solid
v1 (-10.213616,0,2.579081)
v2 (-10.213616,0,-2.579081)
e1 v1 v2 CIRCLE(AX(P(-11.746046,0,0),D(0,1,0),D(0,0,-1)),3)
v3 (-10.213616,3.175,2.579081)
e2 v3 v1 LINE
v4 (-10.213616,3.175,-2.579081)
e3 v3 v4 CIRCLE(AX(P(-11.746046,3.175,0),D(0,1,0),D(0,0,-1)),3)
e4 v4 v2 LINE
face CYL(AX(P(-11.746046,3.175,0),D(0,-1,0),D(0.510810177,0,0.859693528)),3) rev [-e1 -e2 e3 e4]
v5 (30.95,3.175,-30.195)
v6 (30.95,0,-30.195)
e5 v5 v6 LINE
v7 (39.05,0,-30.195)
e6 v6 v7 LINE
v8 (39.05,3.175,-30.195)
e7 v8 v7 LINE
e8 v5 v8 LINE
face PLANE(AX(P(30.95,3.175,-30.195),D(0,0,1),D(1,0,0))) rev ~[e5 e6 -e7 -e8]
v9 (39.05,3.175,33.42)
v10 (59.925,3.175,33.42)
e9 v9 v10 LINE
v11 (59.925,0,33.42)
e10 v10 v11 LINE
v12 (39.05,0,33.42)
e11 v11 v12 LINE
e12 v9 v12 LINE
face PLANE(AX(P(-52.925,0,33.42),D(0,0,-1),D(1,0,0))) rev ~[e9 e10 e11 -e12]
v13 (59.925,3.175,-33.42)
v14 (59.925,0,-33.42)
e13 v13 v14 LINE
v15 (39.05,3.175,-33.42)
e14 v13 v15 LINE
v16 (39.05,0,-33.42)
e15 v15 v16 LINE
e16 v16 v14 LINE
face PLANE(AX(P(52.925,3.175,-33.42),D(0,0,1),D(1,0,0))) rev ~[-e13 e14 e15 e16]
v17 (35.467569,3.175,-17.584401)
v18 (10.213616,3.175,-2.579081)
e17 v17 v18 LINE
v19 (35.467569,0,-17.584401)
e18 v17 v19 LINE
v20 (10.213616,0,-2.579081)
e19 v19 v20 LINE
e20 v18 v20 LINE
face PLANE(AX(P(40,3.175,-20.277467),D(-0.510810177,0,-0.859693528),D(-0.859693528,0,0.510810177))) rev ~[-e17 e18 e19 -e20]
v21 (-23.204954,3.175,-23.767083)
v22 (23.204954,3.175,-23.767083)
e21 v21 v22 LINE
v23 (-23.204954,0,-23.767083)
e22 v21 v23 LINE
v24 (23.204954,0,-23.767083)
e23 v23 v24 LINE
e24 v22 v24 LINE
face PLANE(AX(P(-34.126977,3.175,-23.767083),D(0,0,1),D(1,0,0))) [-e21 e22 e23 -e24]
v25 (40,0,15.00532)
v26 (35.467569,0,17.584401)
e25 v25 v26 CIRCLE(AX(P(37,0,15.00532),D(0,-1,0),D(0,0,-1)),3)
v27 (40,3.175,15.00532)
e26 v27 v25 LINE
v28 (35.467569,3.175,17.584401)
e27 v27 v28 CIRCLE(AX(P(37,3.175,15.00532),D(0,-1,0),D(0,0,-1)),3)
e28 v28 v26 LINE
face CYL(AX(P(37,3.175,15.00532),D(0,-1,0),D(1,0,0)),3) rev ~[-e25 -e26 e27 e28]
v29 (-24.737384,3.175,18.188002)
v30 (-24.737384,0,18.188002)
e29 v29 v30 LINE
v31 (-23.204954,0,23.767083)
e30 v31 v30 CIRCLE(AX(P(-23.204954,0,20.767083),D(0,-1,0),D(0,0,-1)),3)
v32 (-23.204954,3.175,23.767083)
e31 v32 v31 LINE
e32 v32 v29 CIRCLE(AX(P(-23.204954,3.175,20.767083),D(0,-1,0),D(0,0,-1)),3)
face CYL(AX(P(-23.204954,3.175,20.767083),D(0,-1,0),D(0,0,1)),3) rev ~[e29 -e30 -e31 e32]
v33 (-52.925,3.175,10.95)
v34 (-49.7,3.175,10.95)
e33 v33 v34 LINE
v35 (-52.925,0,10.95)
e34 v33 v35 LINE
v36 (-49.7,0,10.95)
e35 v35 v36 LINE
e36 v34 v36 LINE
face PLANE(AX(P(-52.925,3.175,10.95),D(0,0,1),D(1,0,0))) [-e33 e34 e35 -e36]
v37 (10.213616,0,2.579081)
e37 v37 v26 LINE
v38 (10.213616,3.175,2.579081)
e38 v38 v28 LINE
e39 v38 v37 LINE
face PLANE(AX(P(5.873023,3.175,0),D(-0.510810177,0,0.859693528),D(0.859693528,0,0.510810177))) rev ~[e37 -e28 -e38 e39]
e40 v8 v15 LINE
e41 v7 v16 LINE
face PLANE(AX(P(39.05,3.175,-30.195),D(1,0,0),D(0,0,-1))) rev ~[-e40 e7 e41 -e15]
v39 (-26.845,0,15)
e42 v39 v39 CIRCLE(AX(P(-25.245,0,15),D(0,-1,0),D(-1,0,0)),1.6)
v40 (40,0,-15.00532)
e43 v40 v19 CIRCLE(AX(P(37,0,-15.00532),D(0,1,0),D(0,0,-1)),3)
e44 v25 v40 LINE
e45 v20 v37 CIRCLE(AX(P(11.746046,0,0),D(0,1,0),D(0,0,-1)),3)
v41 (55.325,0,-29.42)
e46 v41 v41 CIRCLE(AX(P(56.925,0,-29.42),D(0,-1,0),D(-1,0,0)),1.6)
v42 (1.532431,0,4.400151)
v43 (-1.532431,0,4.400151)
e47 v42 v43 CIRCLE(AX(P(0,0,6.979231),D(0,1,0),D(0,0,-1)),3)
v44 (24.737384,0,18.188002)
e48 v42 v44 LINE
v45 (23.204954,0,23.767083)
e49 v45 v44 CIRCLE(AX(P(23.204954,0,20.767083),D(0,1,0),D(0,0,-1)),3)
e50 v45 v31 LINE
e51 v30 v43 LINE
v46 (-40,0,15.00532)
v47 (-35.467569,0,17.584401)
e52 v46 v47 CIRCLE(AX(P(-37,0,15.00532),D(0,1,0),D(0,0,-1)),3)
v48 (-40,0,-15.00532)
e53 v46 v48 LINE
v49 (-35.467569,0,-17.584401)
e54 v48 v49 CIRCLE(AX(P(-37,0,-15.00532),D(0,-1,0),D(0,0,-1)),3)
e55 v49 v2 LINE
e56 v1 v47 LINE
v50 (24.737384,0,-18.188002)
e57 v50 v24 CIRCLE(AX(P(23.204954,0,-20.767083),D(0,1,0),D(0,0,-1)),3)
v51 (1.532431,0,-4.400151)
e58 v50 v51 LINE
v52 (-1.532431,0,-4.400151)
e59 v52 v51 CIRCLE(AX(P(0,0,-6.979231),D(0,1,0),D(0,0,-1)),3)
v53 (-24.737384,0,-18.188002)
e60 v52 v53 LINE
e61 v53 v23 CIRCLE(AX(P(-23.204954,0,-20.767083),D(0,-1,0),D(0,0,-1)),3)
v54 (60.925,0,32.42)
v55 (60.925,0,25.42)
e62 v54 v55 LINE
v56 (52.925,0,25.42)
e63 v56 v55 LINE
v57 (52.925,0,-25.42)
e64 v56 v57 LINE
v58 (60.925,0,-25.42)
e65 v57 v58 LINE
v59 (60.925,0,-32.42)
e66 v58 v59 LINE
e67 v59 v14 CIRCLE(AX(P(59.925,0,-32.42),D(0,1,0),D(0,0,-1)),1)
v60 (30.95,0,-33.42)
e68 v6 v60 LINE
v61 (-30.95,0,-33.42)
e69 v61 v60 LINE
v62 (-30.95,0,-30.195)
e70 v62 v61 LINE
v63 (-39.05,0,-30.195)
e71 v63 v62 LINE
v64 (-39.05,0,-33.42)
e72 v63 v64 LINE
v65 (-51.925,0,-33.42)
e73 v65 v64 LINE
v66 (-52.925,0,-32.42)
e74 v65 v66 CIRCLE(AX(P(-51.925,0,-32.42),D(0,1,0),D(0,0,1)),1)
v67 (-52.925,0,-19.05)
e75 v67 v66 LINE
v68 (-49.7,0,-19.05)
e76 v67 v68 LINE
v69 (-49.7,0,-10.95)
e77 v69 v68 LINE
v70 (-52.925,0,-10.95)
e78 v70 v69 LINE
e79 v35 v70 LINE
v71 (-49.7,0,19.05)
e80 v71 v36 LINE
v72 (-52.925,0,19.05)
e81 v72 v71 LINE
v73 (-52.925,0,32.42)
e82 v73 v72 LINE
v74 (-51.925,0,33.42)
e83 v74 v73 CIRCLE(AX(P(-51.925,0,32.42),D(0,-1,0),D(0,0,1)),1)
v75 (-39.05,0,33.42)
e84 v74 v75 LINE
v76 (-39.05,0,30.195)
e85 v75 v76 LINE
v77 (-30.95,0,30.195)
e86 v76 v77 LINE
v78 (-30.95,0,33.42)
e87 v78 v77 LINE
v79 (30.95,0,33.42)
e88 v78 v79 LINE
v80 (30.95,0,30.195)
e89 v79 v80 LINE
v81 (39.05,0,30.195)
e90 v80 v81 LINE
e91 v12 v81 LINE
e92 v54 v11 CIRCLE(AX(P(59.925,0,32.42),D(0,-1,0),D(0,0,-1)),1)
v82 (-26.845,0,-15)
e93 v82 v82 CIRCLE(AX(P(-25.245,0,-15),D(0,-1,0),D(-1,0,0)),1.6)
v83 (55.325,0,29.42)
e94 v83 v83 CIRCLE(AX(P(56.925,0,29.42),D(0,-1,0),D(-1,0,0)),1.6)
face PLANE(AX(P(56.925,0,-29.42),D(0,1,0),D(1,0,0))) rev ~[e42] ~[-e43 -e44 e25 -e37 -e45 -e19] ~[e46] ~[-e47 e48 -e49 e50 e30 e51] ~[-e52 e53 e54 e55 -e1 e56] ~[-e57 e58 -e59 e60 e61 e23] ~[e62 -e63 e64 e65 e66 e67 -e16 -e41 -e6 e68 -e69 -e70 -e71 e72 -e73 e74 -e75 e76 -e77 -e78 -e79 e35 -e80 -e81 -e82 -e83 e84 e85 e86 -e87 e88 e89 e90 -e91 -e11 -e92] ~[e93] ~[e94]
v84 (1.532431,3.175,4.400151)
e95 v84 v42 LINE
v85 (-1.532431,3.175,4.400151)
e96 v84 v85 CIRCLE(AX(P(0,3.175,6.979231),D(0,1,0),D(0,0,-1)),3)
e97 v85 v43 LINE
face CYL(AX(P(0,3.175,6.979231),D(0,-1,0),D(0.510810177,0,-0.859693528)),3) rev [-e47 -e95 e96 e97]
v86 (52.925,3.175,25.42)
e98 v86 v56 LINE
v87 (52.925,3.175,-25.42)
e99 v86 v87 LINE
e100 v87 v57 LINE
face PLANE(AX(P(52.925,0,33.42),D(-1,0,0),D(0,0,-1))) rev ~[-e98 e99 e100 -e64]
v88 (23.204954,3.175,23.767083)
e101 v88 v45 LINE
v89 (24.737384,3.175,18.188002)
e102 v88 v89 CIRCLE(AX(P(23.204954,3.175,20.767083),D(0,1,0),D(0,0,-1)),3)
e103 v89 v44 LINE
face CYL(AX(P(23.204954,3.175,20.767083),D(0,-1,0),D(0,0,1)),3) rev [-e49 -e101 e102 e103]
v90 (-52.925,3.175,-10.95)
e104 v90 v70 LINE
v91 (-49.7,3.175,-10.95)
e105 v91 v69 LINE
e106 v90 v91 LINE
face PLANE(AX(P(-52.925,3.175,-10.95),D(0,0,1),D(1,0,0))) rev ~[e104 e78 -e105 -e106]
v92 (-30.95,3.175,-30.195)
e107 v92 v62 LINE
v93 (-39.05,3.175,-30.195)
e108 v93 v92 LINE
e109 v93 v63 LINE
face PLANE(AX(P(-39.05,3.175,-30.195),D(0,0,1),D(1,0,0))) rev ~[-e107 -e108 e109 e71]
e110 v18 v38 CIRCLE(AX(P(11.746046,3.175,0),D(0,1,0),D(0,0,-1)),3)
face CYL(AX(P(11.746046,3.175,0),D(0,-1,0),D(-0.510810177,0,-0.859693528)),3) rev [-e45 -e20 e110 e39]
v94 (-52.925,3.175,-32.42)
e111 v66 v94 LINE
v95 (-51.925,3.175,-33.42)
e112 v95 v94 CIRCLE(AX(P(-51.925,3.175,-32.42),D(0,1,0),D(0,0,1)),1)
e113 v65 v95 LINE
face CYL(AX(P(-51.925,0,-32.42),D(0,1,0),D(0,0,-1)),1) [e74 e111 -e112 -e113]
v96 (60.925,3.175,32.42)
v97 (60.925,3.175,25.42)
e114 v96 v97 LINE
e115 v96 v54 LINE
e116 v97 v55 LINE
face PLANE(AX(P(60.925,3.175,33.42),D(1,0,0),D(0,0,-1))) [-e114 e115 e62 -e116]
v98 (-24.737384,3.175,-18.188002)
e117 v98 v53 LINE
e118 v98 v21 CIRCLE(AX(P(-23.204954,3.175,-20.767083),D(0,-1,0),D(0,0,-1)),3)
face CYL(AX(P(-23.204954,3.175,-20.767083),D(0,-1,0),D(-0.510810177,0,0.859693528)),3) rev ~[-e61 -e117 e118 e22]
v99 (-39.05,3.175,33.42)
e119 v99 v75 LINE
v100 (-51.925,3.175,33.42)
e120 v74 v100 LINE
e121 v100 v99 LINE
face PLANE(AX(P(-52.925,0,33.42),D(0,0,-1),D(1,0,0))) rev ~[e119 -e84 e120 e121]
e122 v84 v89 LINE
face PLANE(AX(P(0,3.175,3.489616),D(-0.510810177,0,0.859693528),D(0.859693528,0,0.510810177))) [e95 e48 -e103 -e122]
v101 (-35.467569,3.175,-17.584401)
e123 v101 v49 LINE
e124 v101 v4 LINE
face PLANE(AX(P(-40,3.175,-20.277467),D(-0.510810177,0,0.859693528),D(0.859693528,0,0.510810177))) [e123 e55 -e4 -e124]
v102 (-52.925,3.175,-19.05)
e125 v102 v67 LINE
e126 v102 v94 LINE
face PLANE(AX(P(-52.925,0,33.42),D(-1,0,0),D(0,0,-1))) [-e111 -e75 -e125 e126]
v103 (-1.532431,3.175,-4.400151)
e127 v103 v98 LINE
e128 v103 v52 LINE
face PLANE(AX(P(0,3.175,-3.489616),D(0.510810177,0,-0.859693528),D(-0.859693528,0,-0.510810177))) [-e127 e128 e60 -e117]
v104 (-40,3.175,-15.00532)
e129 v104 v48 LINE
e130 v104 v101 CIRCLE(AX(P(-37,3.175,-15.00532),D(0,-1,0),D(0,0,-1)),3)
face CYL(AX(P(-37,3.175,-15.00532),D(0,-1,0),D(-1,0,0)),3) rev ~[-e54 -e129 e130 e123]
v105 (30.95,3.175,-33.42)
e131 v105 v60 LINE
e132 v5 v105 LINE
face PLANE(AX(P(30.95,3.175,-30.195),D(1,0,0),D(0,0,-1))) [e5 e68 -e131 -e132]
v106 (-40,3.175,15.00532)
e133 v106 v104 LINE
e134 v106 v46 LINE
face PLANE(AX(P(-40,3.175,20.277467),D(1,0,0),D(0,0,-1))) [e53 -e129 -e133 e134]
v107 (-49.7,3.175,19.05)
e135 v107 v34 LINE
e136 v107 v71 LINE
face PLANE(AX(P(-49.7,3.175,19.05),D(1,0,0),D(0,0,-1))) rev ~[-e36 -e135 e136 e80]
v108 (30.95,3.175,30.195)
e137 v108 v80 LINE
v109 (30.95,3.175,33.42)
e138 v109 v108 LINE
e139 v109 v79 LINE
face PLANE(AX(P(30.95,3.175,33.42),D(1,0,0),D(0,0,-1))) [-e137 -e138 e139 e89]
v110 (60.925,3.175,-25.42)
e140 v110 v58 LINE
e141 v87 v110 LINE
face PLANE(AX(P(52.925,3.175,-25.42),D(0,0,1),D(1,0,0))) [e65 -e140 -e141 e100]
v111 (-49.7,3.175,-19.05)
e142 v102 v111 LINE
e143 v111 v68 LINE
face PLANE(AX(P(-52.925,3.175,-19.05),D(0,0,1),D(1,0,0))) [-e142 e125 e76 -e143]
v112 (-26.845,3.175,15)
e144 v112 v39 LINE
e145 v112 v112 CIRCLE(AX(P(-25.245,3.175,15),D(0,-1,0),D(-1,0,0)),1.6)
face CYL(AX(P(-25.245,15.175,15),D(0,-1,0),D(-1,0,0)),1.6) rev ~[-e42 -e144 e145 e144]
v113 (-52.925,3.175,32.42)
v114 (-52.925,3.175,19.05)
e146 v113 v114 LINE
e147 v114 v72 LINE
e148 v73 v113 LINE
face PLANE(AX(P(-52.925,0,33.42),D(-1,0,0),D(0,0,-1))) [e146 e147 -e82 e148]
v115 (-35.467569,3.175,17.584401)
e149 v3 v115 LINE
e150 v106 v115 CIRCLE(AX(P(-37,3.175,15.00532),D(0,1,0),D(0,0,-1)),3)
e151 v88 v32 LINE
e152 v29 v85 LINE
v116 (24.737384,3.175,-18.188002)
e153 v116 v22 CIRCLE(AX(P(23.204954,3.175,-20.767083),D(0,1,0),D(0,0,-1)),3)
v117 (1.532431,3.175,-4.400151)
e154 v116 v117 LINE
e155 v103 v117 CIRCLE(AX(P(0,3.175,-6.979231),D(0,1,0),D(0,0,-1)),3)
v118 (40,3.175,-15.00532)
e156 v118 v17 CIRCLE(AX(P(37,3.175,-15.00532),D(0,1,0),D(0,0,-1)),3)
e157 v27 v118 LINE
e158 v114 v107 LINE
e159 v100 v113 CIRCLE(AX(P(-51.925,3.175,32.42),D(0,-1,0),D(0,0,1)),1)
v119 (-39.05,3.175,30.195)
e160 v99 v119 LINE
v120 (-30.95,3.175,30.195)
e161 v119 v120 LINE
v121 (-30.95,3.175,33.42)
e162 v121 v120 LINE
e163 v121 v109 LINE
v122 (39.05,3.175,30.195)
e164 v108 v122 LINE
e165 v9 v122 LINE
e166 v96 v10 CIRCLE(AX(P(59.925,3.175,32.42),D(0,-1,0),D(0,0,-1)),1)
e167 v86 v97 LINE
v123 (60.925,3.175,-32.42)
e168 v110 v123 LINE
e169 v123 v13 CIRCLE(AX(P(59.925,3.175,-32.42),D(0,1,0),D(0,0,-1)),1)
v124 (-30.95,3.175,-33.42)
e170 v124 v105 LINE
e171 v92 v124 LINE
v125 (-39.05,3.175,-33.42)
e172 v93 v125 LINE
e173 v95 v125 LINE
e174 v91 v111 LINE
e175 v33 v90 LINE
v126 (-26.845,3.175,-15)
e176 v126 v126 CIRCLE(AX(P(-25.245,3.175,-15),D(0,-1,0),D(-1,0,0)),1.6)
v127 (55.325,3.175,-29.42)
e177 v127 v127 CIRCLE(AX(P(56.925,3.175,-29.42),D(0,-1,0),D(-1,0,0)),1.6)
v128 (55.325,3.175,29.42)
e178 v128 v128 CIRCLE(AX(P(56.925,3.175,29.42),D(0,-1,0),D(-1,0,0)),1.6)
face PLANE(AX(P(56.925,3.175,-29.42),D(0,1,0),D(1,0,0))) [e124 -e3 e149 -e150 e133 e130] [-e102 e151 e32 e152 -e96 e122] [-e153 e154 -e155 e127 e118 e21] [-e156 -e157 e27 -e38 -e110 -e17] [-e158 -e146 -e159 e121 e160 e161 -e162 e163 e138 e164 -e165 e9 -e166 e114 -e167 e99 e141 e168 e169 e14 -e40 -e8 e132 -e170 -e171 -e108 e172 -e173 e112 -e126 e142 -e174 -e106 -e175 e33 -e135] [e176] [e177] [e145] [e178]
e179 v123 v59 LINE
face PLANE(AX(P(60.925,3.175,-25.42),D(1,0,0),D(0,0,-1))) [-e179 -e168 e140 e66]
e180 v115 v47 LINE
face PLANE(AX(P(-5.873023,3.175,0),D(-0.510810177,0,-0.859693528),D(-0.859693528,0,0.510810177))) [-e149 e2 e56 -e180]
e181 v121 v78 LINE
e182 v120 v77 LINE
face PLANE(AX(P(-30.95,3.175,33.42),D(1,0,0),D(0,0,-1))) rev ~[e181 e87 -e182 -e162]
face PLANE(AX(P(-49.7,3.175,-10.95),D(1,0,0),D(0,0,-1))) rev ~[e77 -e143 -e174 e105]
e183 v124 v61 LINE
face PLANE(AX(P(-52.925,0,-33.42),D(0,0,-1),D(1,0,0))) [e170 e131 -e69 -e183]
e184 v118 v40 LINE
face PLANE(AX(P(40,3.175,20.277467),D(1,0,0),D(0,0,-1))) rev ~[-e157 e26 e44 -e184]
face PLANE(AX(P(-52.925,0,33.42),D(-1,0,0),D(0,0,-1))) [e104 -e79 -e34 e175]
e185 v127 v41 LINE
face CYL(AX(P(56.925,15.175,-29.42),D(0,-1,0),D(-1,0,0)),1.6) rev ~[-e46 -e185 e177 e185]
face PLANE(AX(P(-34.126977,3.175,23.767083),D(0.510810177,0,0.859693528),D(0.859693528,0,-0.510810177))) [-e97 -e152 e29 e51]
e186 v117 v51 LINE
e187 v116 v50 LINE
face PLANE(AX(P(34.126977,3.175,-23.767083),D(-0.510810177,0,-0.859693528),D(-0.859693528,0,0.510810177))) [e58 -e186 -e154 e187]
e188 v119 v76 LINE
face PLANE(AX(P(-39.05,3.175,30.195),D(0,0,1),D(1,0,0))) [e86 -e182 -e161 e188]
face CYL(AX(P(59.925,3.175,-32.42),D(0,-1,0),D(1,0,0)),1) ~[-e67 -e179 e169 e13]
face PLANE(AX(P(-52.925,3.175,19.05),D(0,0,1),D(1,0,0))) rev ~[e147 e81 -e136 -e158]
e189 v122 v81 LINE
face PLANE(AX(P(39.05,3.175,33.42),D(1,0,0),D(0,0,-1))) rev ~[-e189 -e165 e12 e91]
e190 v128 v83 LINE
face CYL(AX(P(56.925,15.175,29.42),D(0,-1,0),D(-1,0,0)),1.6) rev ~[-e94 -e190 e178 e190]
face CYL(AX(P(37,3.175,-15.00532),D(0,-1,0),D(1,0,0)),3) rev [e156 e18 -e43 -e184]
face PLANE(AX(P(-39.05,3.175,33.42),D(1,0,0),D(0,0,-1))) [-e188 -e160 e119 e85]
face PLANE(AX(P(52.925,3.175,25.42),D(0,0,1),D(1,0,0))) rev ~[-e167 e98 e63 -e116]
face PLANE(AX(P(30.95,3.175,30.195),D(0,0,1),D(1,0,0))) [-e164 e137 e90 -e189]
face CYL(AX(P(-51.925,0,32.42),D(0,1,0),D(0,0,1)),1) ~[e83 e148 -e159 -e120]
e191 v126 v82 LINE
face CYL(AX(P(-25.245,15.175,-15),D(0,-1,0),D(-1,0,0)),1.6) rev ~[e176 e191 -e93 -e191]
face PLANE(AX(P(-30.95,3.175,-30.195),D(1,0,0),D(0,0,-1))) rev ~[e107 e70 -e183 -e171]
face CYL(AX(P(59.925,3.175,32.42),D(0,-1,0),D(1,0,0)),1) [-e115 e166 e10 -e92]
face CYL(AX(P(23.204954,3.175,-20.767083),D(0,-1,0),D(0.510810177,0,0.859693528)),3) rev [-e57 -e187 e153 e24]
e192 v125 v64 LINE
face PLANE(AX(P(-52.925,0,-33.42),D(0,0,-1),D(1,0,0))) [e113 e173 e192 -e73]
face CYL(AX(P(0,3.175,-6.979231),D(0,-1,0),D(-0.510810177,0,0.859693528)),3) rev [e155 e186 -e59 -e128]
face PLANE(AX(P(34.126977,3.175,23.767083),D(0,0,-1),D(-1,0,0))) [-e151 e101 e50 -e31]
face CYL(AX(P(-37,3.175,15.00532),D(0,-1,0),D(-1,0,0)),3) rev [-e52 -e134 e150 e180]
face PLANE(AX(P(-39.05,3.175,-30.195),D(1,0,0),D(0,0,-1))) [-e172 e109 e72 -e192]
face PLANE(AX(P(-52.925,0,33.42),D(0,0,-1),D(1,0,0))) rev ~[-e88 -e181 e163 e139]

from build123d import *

# Parameters (mm, degrees)
SKETCH1_W                = 105.85
SKETCH1_H                = 66.84
BOSS_EXTRUDE1_DEPTH      = 3.175
SKETCH2_W                = 8.1
SKETCH2_H                = 3.225
SKETCH2_W_2              = 3.225
SKETCH2_H_2              = 8.1
CUT_EXTRUDE1_DEPTH       = 63.674018939
SKETCH3_W                = 8
SKETCH3_H                = 8
BOSS_EXTRUDE2_DEPTH      = 3.175
M3_CLEARANCE_HOLE1_D     = 3.2
M3_CLEARANCE_HOLE1_DEPTH = 12
M3_CLEARANCE_HOLE1_TIP   = 0.96137699
CUT_EXTRUDE2_DEPTH       = 70.56171828
FILLET1_R                = 1
FILLET2_R                = 3


with BuildPart() as part:
    # Sketch1 → Boss-Extrude1 (new body)
    with BuildSketch(Plane(origin=(0, 0, 0), x_dir=(1, 0, 0), z_dir=(0, 1, 0))):
        Rectangle(SKETCH1_W, SKETCH1_H)
    extrude(amount=BOSS_EXTRUDE1_DEPTH)

    # Sketch2 → Cut-Extrude1 (cut, through all)
    with BuildSketch(Plane(origin=(0, 3.175, 0), x_dir=(1, 0, 0), z_dir=(0, 1, 0))):
        with Locations((-35, 31.8075)):
            Rectangle(SKETCH2_W, SKETCH2_H)
        with Locations((35, 31.8075)):
            Rectangle(SKETCH2_W, SKETCH2_H)
        with Locations((35, -31.8075)):
            Rectangle(SKETCH2_W, SKETCH2_H)
        with Locations((-35, -31.8075)):
            Rectangle(SKETCH2_W, SKETCH2_H)
        with Locations((-51.3125, -15)):
            Rectangle(SKETCH2_W_2, SKETCH2_H_2)
        with Locations((-51.3125, 15)):
            Rectangle(SKETCH2_W_2, SKETCH2_H_2)
    extrude(amount=-CUT_EXTRUDE1_DEPTH, mode=Mode.SUBTRACT)

    # Sketch3 → Boss-Extrude2 (add)
    with BuildSketch(Plane(origin=(0, 3.175, 0), x_dir=(1, 0, 0), z_dir=(0, 1, 0))):
        with Locations((56.925, 29.42)):
            Rectangle(SKETCH3_W, SKETCH3_H)
        with Locations((56.925, -29.42)):
            Rectangle(SKETCH3_W, SKETCH3_H)
    extrude(amount=-BOSS_EXTRUDE2_DEPTH)

    # M3 Clearance Hole1
    with Locations(Plane(origin=(0, 3.175, 0), x_dir=(1, 0, 0), z_dir=(0, 1, 0))):
        with Locations((56.925, 29.42), (56.925, -29.42), (-25.245, 15), (-25.245, -15)):
            Hole(M3_CLEARANCE_HOLE1_D / 2, depth=M3_CLEARANCE_HOLE1_DEPTH)
            with Locations((0, 0, -(M3_CLEARANCE_HOLE1_DEPTH + M3_CLEARANCE_HOLE1_TIP / 2))):  # 118° drill point
                Cone(0, M3_CLEARANCE_HOLE1_D / 2, M3_CLEARANCE_HOLE1_TIP, mode=Mode.SUBTRACT)

    # Sketch10 → Cut-Extrude2 (cut, through all)
    with BuildSketch(Plane(origin=(0, 3.175, 0), x_dir=(1, 0, 0), z_dir=(0, 1, 0))):
        Polygon((-34.126976843, 23.767082591), (34.126976843, 23.767082591), (0, 3.489615661), align=None)
        Polygon((-40, 20.27746693), (-5.873023157, 0), (-40, -20.27746693), align=None)
        Polygon((-34.126976843, -23.767082591), (0, -3.489615661), (34.126976843, -23.767082591), align=None)
        Polygon((40, -20.27746693), (40, 20.27746693), (5.873023157, 0), align=None)
    extrude(amount=-CUT_EXTRUDE2_DEPTH, mode=Mode.SUBTRACT)

    # Fillet1
    fillet1_edges = [part.edges().sort_by_distance(p)[0] for p in [
        (60.925, 1.5875, -33.42),
        (60.925, 1.5875, 33.42),
        (-52.925, 1.5875, 33.42),
        (-52.925, 1.5875, -33.42),
    ]]
    fillet(fillet1_edges, radius=FILLET1_R)

    # Fillet2
    fillet2_edges = [part.edges().sort_by_distance(p)[0] for p in [
        (34.126976843, 1.5875, 23.767082591),
        (-34.126976843, 1.5875, 23.767082591),
        (0, 1.5875, 3.489615661),
        (-40, 1.5875, 20.27746693),
        (-40, 1.5875, -20.27746693),
        (-5.873023157, 1.5875, 0),
        (40, 1.5875, 20.27746693),
        (5.873023157, 1.5875, 0),
        (40, 1.5875, -20.27746693),
        (0, 1.5875, -3.489615661),
        (-34.126976843, 1.5875, -23.767082591),
        (34.126976843, 1.5875, -23.767082591),
    ]]
    fillet(fillet2_edges, radius=FILLET2_R)


solid = part.part
